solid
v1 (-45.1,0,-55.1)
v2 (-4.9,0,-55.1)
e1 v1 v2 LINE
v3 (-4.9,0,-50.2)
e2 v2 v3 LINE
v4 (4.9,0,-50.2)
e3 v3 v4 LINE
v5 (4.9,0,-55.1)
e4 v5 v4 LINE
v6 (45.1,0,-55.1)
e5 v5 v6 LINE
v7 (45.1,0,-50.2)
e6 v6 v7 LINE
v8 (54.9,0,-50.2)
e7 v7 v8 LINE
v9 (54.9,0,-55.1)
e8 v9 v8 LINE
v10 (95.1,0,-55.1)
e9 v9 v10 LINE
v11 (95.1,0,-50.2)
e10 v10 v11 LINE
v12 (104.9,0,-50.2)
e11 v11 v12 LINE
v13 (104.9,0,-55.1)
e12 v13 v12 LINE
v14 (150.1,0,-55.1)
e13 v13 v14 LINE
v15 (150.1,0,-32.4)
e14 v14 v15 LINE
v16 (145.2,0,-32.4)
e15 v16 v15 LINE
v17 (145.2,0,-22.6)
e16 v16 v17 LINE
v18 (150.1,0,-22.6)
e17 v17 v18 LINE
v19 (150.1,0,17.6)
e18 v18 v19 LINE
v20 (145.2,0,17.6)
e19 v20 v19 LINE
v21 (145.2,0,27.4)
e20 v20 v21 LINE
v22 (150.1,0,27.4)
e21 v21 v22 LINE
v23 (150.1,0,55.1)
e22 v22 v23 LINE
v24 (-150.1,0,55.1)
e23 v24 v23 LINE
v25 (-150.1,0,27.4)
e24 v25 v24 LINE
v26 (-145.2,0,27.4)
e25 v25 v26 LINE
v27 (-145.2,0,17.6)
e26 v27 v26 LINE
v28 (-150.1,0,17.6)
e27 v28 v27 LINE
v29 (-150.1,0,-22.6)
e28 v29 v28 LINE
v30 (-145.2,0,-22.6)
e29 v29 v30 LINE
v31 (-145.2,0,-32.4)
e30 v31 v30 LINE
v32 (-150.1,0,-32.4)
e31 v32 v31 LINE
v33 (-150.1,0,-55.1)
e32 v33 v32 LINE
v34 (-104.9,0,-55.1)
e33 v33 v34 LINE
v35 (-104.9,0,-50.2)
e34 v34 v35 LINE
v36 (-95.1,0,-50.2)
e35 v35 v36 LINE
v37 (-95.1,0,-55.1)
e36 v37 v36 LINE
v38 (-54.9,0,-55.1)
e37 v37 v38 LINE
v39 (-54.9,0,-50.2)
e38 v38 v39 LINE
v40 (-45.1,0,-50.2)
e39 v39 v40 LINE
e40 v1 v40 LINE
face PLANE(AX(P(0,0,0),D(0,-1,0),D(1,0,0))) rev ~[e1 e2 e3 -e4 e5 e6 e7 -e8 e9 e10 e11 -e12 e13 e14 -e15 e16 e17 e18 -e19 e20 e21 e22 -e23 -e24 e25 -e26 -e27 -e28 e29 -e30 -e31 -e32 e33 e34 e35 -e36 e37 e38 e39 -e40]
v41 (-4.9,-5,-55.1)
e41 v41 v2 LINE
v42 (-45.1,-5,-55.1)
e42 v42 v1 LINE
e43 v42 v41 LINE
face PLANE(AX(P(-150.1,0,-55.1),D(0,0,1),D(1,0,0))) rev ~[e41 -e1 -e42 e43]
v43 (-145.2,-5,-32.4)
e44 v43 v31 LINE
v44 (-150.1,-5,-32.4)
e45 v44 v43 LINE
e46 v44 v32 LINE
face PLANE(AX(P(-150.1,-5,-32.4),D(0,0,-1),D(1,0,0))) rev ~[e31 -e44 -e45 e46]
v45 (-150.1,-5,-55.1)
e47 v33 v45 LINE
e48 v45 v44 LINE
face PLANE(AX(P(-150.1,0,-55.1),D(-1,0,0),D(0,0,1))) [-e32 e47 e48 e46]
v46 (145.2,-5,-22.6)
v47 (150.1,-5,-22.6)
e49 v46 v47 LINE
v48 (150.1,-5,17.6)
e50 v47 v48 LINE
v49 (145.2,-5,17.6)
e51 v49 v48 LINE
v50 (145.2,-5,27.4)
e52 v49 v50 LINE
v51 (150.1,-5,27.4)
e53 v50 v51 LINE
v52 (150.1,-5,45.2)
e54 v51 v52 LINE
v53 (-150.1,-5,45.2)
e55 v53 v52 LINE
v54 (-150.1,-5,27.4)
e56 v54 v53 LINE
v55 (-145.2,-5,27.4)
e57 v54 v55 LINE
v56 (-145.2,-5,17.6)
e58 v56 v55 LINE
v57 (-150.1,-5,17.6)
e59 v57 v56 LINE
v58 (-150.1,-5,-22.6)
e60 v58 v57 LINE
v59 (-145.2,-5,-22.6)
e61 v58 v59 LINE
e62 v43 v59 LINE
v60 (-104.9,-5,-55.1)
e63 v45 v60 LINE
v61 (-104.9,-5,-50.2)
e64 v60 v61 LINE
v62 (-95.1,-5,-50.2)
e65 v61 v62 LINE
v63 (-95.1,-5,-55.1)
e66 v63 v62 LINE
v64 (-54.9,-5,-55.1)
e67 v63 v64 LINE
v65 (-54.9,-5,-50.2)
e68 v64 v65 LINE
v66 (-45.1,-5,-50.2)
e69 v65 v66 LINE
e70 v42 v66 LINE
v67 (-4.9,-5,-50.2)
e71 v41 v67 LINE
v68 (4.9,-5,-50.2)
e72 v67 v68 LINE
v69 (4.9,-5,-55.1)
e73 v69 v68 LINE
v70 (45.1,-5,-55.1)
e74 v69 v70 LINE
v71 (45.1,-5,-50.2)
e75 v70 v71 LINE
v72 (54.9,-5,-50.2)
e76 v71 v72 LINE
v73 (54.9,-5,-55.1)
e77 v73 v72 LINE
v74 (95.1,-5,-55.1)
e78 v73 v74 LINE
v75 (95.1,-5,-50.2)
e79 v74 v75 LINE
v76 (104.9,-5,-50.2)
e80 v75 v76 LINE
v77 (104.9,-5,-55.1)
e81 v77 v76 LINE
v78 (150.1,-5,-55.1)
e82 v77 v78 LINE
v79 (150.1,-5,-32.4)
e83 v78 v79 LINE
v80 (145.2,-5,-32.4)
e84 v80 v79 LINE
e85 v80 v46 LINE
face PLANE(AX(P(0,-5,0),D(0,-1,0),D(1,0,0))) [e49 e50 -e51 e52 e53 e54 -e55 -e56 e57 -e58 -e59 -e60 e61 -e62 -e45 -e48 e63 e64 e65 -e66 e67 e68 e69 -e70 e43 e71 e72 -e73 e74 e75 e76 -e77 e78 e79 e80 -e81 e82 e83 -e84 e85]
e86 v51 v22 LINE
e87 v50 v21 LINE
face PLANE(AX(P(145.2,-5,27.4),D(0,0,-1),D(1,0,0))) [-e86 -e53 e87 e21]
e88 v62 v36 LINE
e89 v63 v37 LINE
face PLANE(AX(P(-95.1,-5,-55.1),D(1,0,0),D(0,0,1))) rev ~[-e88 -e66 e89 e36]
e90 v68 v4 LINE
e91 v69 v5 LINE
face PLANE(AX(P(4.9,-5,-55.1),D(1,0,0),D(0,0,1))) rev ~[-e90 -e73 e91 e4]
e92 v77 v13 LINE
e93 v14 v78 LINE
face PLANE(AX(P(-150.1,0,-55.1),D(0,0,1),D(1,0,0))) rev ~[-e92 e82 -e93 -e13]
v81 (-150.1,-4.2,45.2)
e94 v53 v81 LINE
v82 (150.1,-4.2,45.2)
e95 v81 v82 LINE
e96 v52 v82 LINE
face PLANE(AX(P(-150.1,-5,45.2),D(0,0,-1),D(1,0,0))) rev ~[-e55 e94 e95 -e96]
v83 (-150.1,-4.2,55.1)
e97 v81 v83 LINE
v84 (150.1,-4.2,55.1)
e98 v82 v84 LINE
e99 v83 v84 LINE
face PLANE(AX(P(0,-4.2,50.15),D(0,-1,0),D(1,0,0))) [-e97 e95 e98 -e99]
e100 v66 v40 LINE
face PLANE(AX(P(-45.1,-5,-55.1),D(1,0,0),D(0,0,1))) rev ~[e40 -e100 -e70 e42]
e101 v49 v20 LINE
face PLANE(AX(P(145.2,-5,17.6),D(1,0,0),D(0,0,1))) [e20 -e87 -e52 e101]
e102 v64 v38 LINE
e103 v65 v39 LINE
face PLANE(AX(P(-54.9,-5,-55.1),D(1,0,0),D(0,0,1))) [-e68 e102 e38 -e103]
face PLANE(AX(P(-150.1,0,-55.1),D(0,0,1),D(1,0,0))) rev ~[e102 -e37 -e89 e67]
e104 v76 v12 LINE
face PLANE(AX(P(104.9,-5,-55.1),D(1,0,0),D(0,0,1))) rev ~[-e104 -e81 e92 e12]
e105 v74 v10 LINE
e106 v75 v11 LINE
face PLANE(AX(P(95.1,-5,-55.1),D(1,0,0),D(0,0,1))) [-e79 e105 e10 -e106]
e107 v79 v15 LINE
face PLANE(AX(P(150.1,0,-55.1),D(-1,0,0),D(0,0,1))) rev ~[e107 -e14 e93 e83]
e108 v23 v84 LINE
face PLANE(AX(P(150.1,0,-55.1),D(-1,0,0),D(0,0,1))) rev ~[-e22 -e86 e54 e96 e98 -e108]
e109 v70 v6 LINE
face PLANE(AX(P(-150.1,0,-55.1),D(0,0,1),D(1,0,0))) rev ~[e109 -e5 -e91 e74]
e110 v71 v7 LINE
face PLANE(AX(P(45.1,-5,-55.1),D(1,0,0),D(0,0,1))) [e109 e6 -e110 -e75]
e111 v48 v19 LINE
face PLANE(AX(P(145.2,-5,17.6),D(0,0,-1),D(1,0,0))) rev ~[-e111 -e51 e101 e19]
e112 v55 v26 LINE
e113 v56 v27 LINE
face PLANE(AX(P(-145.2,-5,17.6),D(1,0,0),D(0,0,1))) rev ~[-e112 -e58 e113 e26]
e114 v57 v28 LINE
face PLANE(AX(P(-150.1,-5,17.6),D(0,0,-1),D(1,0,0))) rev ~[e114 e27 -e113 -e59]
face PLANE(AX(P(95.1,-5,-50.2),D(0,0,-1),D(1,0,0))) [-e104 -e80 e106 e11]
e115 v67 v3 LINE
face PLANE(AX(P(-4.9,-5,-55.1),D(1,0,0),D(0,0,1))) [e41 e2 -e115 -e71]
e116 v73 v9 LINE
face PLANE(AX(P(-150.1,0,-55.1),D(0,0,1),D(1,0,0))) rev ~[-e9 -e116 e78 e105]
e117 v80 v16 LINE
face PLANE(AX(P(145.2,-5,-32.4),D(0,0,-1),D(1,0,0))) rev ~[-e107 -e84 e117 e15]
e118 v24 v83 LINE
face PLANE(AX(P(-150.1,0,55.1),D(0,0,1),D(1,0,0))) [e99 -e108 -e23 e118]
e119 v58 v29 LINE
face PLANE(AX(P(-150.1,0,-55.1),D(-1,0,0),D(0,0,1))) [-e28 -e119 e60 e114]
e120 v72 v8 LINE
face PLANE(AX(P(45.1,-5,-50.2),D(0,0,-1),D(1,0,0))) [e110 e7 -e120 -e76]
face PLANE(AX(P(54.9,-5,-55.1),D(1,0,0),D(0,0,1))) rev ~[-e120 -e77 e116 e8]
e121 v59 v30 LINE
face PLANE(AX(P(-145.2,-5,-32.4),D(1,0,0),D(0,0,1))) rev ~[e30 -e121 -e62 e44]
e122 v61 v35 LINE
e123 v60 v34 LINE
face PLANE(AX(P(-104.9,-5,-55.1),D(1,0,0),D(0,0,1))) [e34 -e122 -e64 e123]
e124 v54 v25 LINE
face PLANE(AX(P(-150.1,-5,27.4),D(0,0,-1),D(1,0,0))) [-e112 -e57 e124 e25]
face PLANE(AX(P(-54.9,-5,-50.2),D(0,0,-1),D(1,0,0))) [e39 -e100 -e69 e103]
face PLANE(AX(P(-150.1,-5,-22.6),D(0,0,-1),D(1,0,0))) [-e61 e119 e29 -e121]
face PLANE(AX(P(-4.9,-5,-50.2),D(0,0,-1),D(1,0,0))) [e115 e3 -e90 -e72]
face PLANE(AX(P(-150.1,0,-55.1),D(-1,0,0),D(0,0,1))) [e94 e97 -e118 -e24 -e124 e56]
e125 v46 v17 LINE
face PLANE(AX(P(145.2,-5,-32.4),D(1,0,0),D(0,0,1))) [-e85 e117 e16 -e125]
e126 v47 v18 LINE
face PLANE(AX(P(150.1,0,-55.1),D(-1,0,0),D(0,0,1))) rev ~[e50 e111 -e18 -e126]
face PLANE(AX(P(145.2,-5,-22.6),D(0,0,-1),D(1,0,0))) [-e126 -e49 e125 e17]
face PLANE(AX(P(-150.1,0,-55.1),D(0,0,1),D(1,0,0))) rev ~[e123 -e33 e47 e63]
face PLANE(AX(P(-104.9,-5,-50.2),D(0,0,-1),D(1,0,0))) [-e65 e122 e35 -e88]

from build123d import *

# Parameters (mm, degrees)
F0_W     = 300.2
F0_H     = 110.2
F1_DEPTH = 5
F2_W     = 300.2
F2_H     = 9.9
F3_DEPTH = 0.8
F4_W     = 4.9
F4_H     = 9.8
F4_W_2   = 9.8
F4_H_2   = 4.9
F5_DEPTH = 5


with BuildPart() as f1:
    # F0 (on Front) → F1 (new body)
    with BuildSketch(Plane.XZ):
        Rectangle(F0_W, F0_H)
    extrude(amount=F1_DEPTH)

    # F2 (on face) → F3 (cut)
    with BuildSketch(Plane.XZ.offset(5)):
        with Locations((0, 50.15)):
            Rectangle(F2_W, F2_H)
    extrude(amount=-F3_DEPTH, mode=Mode.SUBTRACT)

    # F4 (on face) → F5 (cut, through all)
    with BuildSketch(Plane.XZ.offset(5)):
        with Locations((-147.65, 22.5)):
            Rectangle(F4_W, F4_H)
        with Locations((-147.65, -27.5)):
            Rectangle(F4_W, F4_H)
        with Locations((-100, -52.65)):
            Rectangle(F4_W_2, F4_H_2)
        with Locations((-50, -52.65)):
            Rectangle(F4_W_2, F4_H_2)
        with Locations((0, -52.65)):
            Rectangle(F4_W_2, F4_H_2)
        with Locations((50, -52.65)):
            Rectangle(F4_W_2, F4_H_2)
        with Locations((147.65, 22.5)):
            Rectangle(F4_W, F4_H)
        with Locations((147.65, -27.5)):
            Rectangle(F4_W, F4_H)
        with Locations((100, -52.65)):
            Rectangle(F4_W_2, F4_H_2)
    extrude(amount=-F5_DEPTH, mode=Mode.SUBTRACT)


solid = f1.part
